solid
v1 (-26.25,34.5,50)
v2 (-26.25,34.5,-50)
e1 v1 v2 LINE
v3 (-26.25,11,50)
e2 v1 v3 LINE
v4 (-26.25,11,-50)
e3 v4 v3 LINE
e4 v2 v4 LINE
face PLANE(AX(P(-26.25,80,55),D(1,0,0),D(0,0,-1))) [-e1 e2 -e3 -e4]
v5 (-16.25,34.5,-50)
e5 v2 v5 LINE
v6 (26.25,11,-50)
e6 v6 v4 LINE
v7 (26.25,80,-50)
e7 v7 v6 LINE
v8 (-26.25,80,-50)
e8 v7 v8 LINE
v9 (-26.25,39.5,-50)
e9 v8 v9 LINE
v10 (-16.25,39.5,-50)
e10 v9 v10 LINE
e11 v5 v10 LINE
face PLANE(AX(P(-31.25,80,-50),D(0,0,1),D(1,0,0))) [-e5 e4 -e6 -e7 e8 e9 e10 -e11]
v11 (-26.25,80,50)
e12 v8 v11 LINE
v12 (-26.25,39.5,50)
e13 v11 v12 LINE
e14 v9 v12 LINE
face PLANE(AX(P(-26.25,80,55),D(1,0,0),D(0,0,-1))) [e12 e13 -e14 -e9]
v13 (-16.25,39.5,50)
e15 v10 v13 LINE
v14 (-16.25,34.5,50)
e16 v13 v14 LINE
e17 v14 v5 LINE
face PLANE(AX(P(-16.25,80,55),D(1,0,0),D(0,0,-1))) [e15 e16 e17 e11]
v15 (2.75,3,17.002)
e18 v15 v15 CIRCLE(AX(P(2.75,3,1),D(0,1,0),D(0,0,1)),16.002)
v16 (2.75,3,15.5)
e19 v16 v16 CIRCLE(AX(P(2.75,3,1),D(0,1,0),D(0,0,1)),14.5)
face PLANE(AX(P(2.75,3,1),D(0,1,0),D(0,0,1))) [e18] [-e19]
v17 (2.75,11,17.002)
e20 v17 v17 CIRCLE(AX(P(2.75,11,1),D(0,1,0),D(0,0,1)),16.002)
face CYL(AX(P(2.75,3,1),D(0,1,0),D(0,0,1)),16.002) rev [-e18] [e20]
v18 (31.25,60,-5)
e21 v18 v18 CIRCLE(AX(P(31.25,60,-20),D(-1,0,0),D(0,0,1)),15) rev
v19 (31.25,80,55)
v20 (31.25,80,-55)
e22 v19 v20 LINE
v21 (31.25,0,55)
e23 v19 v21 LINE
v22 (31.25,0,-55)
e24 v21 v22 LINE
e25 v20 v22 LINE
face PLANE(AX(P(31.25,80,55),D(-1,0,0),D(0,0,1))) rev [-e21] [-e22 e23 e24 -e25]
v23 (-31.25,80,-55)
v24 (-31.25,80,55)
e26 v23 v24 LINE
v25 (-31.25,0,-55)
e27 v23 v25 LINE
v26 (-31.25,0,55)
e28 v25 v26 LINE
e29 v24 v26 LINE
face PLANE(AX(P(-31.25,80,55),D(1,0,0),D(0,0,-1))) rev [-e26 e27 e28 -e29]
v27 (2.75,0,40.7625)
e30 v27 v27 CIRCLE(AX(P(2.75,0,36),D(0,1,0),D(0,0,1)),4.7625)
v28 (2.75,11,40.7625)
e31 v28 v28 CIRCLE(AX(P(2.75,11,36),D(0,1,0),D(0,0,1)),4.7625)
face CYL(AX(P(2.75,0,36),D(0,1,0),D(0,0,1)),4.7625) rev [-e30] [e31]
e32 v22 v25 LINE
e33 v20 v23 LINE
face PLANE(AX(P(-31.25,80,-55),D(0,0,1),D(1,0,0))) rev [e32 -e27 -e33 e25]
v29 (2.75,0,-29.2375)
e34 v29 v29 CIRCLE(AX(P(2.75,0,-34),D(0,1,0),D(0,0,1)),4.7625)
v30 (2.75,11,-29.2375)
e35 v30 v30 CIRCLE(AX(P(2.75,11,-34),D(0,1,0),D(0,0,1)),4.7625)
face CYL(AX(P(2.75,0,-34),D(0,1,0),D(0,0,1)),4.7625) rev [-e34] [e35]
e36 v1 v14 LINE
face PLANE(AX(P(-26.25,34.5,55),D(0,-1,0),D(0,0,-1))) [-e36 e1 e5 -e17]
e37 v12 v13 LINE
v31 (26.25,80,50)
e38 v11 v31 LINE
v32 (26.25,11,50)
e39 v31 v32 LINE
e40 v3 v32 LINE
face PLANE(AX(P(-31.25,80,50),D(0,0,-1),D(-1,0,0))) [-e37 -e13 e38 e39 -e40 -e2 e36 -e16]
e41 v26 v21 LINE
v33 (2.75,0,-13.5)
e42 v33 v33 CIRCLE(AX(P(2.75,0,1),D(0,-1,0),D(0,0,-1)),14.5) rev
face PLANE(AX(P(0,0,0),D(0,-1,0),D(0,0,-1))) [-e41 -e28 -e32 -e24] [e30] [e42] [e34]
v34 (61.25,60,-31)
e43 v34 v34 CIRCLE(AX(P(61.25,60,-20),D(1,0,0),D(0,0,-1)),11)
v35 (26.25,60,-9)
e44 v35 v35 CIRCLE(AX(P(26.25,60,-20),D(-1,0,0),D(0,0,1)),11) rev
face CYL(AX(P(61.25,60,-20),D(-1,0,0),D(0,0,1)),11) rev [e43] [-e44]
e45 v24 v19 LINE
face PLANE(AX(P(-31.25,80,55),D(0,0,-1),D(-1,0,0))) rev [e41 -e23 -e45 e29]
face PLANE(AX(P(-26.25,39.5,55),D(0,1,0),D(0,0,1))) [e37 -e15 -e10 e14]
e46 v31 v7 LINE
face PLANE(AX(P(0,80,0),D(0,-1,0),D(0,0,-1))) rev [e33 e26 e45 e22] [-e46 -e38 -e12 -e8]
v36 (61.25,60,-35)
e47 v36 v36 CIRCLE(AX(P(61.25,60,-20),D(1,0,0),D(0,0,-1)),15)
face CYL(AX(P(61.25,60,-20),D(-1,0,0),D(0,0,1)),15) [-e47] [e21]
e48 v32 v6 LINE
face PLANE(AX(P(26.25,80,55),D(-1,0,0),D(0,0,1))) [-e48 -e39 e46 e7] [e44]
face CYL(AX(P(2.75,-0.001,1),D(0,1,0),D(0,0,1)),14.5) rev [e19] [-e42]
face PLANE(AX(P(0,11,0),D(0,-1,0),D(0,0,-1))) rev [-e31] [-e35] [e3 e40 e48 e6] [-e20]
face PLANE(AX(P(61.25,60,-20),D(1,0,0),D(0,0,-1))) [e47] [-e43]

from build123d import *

# Parameters (mm, degrees)
SKETCH1_W                 = 62.5
SKETCH1_H                 = 110
BOSS_EXTRUDE1_DEPTH       = 80
SHELL1_T                  = -5
SHELL1_THICKNESS_2_FACE_W = 100
SHELL1_THICKNESS_2_FACE_H = 52.5
SHELL1_THICKNESS_2_DEPTH  = 6
SKETCH2_R                 = 15
SKETCH2_R_2               = 11
BOSS_EXTRUDE2_DEPTH       = 30
CUT_EXTRUDE2_REACH        = 117.461
BOSS_EXTRUDE3_START       = -52.5
BOSS_EXTRUDE3_DEPTH       = 10
CUT_EXTRUDE4_REACH        = 109.413
SKETCH6_R                 = 14.5
SKETCH6_3_R               = 16.002
SKETCH6_3_R_2             = 14.5
CUT_EXTRUDE5_DEPTH        = 8
SKETCH7_R                 = 4.7625
CUT_EXTRUDE6_DEPTH        = 108.413046228


with BuildPart() as part:
    # Sketch1 → Boss-Extrude1 (new body)
    with BuildSketch(Plane(origin=(0, 0, 0), x_dir=(1, 0, 0), z_dir=(0, 1, 0))):
        Rectangle(SKETCH1_W, SKETCH1_H)
    extrude(amount=BOSS_EXTRUDE1_DEPTH)

    # Shell1
    shell1_openings = [part.faces().sort_by_distance(p)[0] for p in [
        (0, 80, 0),
    ]]
    offset(amount=SHELL1_T, openings=shell1_openings, kind=Kind.INTERSECTION)

    # Shell1 thickness 2 face (on inner face of the shell) → Shell1 thickness 2 (add)
    with BuildSketch(Plane(origin=(0, 5, 0), x_dir=(0, 0, -1), z_dir=(0, -1, 0))):
        Rectangle(SHELL1_THICKNESS_2_FACE_W, SHELL1_THICKNESS_2_FACE_H)
    extrude(amount=-SHELL1_THICKNESS_2_DEPTH)

    # Sketch2 → Boss-Extrude2 (add)
    with BuildSketch(Plane(origin=(31.25, 0, 0), x_dir=(0, 0, -1), z_dir=(1, 0, 0))):
        with Locations(Location((20, 60, 0), (0, 0, 180))):
            Circle(SKETCH2_R)
        with Locations((20, 60)):
            Circle(SKETCH2_R_2, mode=Mode.SUBTRACT)
    extrude(amount=BOSS_EXTRUDE2_DEPTH)

    # Sketch2<3> → Cut-Extrude2 (cut, up to next)
    with BuildSketch(Plane(origin=(31.25, 0, 0), x_dir=(0, 0, -1), z_dir=(1, 0, 0)), mode=Mode.PRIVATE) as cut_extrude2_sk1:
        with BuildLine():
            ThreePointArc((31, 60), (27.778174593, 67.778174593), (20, 71))
            Line((20, 71), (20, 49))
            ThreePointArc((20, 49), (27.778174593, 52.221825407), (31, 60))
        make_face()
    cut_extrude2_tool1 = extrude(cut_extrude2_sk1.sketch, amount=-CUT_EXTRUDE2_REACH, mode=Mode.PRIVATE) & part.part
    # Sketch2<3> → Cut-Extrude2 (cut, up to next)
    with BuildSketch(Plane(origin=(31.25, 0, 0), x_dir=(0, 0, -1), z_dir=(1, 0, 0)), mode=Mode.PRIVATE) as cut_extrude2_sk2:
        with BuildLine():
            Line((20, 49), (20, 71))
            ThreePointArc((20, 71), (9, 60), (20, 49))
        make_face()
    cut_extrude2_tool2 = extrude(cut_extrude2_sk2.sketch, amount=-CUT_EXTRUDE2_REACH, mode=Mode.PRIVATE) & part.part
    # Sketch2<3> → Cut-Extrude2 (cut, up to next)
    with BuildSketch(Plane(origin=(31.25, 0, 0), x_dir=(0, 0, -1), z_dir=(1, 0, 0)), mode=Mode.PRIVATE) as cut_extrude2_sk3:
        with BuildLine():
            ThreePointArc((31, 60), (27.778174593, 67.778174593), (20, 71))
            Line((20, 71), (20, 49))
            ThreePointArc((20, 49), (27.778174593, 52.221825407), (31, 60))
        make_face()
    cut_extrude2_tool3 = extrude(cut_extrude2_sk3.sketch, amount=-CUT_EXTRUDE2_REACH, mode=Mode.PRIVATE) & part.part
    # Sketch2<3> → Cut-Extrude2 (cut, up to next)
    with BuildSketch(Plane(origin=(31.25, 0, 0), x_dir=(0, 0, -1), z_dir=(1, 0, 0)), mode=Mode.PRIVATE) as cut_extrude2_sk4:
        with BuildLine():
            Line((20, 49), (20, 71))
            ThreePointArc((20, 71), (9, 60), (20, 49))
        make_face()
    cut_extrude2_tool4 = extrude(cut_extrude2_sk4.sketch, amount=-CUT_EXTRUDE2_REACH, mode=Mode.PRIVATE) & part.part
    add(cut_extrude2_tool1.solids().sort_by_distance((31.25, 60, -24.668545))[0], mode=Mode.SUBTRACT)
    add(cut_extrude2_tool2.solids().sort_by_distance((31.25, 60, -15.331455))[0], mode=Mode.SUBTRACT)
    add(cut_extrude2_tool3.solids().sort_by_distance((31.25, 60, -24.668545))[0], mode=Mode.SUBTRACT)
    add(cut_extrude2_tool4.solids().sort_by_distance((31.25, 60, -15.331455))[0], mode=Mode.SUBTRACT)

    # 3DSketch1 → Boss-Extrude3 (add)
    with BuildSketch(Plane(origin=(26.25, 39.5, -50), x_dir=(0, -0.04993761694389221, 0.9987523388778448), z_dir=(1, 0, 0)).offset(BOSS_EXTRUDE3_START)):
        Polygon((0, 0), (0.249688085, 4.993761694), (100.124921973, 0), (99.875233888, -4.993761694), align=None)
    extrude(amount=BOSS_EXTRUDE3_DEPTH)

    # Sketch6 → Cut-Extrude4 (cut, up to next)
    with BuildSketch(Plane(origin=(0, 11, 0), x_dir=(1, 0, 0), z_dir=(0, 1, 0)), mode=Mode.PRIVATE) as cut_extrude4_sk1:
        with Locations(Location((2.75, -1, 0), (0, 0, 270))):
            Circle(SKETCH6_R)
    cut_extrude4_tool1 = extrude(cut_extrude4_sk1.sketch, amount=-CUT_EXTRUDE4_REACH, mode=Mode.PRIVATE) & part.part
    add(cut_extrude4_tool1.solids().sort_by_distance((2.75, 11, 1))[0], mode=Mode.SUBTRACT)

    # Sketch6<3> → Cut-Extrude5 (cut)
    with BuildSketch(Plane(origin=(0, 11, 0), x_dir=(1, 0, 0), z_dir=(0, 1, 0))):
        with Locations(Location((2.75, -1, 0), (0, 0, 270))):
            Circle(SKETCH6_3_R)
        with Locations(Location((2.75, -1, 0), (0, 0, 270))):
            Circle(SKETCH6_3_R_2, mode=Mode.SUBTRACT)
    extrude(amount=-CUT_EXTRUDE5_DEPTH, mode=Mode.SUBTRACT)

    # Sketch7 → Cut-Extrude6 (cut, through all)
    with BuildSketch(Plane(origin=(0, 11, 0), x_dir=(1, 0, 0), z_dir=(0, 1, 0))):
        with Locations(Location((2.75, -36, 0), (0, 0, 270))):
            Circle(SKETCH7_R)
        with Locations(Location((2.75, 34, 0), (0, 0, 270))):
            Circle(SKETCH7_R)
    extrude(amount=-CUT_EXTRUDE6_DEPTH, mode=Mode.SUBTRACT)


solid = part.part
